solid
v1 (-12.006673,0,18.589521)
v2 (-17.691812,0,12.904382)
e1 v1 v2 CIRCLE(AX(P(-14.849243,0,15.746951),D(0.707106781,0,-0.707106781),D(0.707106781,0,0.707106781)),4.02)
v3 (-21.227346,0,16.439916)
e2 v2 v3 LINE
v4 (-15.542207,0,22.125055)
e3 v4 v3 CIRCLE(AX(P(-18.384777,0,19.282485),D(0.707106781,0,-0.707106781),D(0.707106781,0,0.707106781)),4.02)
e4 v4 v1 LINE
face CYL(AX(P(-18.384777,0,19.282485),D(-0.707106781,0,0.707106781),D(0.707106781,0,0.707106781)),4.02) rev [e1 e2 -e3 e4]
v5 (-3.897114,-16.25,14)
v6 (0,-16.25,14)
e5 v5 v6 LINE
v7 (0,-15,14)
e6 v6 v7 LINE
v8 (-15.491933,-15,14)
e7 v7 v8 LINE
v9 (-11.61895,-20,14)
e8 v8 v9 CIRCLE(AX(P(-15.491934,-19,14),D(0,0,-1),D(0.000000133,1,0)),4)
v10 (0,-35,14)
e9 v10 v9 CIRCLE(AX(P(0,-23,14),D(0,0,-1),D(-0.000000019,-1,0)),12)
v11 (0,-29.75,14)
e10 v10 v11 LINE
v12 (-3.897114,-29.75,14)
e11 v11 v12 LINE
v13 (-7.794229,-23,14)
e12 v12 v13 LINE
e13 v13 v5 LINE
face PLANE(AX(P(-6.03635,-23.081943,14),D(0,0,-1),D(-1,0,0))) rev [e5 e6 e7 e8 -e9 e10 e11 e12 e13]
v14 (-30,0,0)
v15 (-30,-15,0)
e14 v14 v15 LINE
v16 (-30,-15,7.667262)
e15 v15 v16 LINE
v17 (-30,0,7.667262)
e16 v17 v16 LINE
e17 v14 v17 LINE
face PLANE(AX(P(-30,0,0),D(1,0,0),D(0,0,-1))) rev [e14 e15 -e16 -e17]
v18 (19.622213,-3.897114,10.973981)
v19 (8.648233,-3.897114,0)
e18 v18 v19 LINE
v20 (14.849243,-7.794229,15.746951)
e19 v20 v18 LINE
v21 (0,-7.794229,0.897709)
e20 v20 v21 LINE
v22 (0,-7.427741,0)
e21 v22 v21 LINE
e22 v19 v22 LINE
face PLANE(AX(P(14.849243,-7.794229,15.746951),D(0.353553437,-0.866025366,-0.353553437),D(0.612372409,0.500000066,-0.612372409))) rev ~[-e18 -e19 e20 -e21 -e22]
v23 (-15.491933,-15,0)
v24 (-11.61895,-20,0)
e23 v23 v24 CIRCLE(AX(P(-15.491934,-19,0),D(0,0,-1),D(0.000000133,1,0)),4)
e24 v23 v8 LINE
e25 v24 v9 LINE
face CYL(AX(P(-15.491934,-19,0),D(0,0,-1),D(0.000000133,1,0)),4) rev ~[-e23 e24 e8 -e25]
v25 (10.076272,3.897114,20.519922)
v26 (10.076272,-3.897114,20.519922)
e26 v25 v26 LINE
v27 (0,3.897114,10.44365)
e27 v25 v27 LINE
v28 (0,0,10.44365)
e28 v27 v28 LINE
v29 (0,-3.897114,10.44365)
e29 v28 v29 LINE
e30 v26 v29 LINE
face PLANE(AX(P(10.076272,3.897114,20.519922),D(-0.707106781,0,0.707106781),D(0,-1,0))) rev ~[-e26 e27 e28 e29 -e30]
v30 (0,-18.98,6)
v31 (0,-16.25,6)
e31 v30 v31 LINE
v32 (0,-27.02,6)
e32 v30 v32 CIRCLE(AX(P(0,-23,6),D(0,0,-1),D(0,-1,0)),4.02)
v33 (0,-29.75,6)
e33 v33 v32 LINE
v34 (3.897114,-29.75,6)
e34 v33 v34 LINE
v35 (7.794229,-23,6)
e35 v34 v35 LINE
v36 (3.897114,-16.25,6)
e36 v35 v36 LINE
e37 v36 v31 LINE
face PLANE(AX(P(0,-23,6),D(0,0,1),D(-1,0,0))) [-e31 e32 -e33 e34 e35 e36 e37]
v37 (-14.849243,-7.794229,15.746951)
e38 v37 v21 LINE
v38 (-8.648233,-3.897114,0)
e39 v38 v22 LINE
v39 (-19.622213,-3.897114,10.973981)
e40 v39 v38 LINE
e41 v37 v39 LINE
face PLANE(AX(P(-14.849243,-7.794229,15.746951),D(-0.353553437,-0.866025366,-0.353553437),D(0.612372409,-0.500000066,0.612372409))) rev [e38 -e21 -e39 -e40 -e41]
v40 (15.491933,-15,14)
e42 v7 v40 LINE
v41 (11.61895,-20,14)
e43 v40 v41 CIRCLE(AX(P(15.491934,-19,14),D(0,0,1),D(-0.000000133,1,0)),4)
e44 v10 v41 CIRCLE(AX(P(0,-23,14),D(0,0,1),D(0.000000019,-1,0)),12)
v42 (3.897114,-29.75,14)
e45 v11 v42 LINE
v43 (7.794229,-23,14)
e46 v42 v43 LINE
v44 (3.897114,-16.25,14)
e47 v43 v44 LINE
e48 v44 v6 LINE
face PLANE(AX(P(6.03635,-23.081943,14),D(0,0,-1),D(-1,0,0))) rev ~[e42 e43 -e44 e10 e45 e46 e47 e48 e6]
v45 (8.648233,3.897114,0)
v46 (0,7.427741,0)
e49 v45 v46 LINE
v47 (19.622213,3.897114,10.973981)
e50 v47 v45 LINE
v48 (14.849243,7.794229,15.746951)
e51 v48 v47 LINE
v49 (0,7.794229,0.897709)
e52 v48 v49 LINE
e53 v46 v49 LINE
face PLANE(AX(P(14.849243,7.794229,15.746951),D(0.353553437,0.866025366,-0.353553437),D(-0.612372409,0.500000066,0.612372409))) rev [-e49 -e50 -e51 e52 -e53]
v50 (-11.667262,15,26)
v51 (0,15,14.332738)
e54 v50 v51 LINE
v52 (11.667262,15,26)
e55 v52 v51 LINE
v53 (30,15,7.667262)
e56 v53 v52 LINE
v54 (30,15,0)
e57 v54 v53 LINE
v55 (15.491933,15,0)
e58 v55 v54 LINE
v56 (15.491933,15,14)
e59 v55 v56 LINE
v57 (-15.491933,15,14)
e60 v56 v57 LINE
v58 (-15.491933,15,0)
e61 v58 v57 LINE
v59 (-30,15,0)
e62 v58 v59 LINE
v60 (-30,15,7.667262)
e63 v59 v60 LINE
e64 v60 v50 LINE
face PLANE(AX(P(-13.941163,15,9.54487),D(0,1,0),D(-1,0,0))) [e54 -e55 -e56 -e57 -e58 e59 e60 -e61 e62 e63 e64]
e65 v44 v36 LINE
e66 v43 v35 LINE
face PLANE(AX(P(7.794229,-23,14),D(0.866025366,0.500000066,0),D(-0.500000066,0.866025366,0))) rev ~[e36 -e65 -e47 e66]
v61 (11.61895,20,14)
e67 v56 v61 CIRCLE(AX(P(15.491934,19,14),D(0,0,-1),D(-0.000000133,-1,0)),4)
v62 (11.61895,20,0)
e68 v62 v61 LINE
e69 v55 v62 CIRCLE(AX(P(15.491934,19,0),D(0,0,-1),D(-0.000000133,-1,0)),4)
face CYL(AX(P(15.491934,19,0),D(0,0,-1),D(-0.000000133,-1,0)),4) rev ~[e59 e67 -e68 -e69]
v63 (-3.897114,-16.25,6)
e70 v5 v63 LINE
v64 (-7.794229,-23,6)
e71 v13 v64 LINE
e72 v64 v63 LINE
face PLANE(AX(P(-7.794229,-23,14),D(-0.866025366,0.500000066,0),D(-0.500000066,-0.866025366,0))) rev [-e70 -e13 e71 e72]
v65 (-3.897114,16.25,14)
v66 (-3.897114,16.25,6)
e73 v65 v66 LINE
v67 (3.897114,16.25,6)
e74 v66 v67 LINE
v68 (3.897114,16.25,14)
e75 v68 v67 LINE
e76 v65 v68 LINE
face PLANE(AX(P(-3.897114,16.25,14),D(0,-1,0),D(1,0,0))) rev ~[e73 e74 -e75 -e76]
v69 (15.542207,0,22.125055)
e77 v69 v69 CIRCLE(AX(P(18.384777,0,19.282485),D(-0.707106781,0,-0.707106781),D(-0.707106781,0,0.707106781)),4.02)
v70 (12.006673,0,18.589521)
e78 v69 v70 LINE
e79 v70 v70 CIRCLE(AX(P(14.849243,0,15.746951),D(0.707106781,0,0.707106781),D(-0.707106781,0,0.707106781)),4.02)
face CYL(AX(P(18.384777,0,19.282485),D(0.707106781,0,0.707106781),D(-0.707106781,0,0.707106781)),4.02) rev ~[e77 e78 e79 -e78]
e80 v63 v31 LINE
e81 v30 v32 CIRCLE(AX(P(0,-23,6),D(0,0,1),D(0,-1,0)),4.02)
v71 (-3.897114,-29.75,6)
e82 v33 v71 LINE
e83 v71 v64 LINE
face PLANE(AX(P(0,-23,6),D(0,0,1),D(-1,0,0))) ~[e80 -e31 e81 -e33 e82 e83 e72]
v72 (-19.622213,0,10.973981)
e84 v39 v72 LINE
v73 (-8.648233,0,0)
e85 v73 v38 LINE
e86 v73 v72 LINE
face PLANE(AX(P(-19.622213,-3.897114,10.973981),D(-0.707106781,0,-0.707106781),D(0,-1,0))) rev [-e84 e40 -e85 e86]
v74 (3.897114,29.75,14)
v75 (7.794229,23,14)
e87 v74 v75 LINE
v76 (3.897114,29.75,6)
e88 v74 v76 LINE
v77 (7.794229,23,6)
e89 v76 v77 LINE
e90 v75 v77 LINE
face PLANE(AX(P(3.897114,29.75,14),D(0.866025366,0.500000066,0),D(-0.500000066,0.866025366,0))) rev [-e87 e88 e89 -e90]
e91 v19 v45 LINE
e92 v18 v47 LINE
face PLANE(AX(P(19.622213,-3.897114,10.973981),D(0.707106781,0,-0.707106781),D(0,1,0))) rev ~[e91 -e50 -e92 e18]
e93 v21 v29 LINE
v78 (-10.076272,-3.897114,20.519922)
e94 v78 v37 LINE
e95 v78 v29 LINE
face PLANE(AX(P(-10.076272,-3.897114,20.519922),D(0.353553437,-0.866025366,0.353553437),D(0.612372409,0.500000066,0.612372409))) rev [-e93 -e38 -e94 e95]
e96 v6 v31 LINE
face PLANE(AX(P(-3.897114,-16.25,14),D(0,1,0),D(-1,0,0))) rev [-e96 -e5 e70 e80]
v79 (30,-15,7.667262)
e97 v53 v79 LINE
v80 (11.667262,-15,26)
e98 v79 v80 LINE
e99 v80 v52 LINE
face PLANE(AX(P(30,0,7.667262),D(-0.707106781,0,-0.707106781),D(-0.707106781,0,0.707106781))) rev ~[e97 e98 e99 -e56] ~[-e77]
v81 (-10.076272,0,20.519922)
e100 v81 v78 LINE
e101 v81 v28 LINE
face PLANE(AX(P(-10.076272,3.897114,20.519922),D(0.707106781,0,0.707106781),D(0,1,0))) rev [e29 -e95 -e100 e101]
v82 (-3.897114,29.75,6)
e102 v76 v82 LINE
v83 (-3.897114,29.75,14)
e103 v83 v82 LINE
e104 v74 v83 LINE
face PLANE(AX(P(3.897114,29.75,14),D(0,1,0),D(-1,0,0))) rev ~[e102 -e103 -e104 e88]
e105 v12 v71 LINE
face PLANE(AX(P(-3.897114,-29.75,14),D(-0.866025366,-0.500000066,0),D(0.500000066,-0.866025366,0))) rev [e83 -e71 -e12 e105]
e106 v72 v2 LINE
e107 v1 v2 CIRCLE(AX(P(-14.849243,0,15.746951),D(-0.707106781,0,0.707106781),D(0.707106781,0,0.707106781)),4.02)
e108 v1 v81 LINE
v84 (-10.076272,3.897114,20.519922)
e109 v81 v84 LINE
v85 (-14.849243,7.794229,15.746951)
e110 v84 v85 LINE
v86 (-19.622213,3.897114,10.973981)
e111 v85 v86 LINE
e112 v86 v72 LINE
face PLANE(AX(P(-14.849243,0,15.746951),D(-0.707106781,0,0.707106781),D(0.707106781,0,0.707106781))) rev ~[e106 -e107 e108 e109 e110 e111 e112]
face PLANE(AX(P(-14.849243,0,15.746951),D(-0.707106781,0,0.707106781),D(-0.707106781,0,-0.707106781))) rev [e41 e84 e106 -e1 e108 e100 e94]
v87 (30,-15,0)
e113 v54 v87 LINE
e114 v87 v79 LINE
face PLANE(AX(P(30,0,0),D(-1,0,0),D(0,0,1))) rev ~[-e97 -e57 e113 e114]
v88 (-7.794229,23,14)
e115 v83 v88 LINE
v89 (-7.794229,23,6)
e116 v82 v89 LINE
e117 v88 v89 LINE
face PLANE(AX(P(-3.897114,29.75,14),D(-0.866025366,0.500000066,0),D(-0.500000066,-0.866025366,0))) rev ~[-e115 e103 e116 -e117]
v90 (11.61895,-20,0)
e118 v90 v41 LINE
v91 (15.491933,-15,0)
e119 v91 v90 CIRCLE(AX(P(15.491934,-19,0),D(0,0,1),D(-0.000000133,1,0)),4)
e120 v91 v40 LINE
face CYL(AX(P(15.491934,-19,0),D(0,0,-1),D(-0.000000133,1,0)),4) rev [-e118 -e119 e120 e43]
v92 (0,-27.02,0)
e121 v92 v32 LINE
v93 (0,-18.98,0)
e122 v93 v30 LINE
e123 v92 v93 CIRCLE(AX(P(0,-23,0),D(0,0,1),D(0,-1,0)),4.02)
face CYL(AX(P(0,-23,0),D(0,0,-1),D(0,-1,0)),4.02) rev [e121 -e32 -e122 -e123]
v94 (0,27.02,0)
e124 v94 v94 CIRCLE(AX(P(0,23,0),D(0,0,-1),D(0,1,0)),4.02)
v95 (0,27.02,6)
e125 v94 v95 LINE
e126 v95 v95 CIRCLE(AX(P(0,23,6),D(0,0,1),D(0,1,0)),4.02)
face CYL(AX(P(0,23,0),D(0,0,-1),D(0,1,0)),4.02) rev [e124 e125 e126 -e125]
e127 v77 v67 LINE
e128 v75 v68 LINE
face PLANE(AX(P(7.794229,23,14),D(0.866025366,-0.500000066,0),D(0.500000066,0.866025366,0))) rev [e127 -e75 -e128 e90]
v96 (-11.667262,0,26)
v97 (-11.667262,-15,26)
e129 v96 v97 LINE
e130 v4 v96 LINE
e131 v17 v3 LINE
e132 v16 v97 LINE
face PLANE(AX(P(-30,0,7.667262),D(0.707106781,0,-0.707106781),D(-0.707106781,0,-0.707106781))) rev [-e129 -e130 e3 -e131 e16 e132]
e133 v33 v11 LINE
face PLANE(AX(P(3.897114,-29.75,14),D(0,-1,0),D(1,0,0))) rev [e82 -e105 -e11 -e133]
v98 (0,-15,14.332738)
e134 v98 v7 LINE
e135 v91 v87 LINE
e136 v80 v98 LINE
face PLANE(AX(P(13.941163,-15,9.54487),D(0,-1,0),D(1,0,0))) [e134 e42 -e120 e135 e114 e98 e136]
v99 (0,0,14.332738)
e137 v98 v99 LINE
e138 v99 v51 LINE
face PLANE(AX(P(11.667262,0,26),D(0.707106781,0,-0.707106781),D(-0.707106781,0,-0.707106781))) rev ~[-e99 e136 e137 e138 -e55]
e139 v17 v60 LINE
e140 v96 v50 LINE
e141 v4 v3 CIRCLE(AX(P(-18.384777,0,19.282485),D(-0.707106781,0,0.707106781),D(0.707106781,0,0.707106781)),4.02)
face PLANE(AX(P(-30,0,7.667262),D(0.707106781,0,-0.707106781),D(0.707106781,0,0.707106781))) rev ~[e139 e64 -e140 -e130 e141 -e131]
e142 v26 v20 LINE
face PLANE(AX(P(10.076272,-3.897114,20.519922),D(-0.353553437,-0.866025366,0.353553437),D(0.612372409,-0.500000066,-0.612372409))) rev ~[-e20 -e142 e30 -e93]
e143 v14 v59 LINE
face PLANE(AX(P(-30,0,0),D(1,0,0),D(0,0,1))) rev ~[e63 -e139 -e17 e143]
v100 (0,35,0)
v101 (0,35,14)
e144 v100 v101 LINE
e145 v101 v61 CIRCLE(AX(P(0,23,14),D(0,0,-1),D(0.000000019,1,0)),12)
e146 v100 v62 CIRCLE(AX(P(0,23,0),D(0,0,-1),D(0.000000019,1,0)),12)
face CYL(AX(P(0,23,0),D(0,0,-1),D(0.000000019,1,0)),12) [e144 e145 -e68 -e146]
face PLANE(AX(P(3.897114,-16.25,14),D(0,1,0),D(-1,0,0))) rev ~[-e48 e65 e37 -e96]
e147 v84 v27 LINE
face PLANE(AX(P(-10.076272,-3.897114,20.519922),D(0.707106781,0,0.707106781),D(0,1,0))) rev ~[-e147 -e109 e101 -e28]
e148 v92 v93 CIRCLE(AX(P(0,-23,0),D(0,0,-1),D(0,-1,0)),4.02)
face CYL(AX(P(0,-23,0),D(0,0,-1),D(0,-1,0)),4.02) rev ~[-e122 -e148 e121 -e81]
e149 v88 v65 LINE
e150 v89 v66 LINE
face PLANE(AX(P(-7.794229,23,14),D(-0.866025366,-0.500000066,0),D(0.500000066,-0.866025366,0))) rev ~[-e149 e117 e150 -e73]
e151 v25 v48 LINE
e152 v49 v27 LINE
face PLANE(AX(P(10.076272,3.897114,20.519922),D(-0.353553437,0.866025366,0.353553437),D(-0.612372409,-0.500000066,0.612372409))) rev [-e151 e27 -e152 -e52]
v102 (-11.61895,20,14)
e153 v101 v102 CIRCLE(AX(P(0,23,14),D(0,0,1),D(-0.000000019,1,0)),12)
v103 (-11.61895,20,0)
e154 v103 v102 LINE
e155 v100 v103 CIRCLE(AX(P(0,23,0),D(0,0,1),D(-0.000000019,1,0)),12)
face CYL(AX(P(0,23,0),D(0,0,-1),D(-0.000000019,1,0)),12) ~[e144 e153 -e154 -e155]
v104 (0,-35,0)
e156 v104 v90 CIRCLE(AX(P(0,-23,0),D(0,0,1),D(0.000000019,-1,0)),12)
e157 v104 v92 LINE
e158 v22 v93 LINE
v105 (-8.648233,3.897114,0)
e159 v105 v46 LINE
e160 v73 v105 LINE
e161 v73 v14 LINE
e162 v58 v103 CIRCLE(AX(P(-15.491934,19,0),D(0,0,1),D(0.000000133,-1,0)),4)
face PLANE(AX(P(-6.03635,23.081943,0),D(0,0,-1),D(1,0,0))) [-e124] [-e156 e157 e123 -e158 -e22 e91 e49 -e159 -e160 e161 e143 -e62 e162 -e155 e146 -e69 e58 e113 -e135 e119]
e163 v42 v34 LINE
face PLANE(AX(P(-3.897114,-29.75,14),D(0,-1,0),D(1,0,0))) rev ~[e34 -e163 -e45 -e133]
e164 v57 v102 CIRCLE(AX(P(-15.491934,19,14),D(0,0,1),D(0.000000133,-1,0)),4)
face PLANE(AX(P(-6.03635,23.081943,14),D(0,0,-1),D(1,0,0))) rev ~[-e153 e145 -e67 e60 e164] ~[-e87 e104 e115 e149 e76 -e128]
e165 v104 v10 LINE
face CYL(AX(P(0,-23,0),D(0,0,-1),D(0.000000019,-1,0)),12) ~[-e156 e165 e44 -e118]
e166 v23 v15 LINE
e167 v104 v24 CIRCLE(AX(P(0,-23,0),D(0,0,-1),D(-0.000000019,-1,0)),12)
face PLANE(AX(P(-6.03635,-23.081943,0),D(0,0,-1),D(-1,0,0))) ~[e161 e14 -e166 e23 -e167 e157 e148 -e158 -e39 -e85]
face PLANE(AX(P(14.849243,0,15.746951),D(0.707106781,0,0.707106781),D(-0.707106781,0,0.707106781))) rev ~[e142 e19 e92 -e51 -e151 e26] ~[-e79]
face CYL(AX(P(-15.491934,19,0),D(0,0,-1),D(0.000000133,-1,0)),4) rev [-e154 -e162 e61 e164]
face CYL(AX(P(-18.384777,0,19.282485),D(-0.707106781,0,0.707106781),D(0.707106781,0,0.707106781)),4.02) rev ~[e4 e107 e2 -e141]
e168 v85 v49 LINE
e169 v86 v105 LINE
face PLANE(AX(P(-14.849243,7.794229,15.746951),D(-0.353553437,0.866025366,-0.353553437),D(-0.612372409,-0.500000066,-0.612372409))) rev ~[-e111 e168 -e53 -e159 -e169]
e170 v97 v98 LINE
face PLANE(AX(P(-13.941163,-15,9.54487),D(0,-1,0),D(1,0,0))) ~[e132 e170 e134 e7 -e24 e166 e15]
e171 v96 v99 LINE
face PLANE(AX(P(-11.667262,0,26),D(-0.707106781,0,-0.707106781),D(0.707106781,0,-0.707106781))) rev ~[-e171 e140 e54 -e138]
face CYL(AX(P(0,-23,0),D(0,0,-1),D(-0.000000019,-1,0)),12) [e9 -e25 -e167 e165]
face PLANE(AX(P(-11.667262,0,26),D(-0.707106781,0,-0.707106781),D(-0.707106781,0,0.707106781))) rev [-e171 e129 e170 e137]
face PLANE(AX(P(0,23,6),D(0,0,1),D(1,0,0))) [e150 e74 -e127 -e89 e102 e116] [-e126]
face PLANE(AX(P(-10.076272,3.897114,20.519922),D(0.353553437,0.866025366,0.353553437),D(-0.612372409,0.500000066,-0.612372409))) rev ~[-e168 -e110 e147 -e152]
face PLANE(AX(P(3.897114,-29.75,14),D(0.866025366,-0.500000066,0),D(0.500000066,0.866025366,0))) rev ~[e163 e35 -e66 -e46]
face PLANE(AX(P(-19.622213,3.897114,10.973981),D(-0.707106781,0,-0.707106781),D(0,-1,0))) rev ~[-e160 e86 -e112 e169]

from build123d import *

# Parameters (mm, degrees)
PAD_DEPTH       = 15
PAD001_DEPTH    = 14
SKETCH002_R     = 4.02
HOLE_DEPTH      = 26.635776
POCKET_DEPTH    = 21.635776
POCKET001_DEPTH = 8


with BuildPart() as body:
    # Sketch → Pad (new body)
    with BuildSketch(Plane.XZ):
        Polygon((30, 7.667262), (11.667262, 26), (0, 14.332738), (0, 0), (30, 0), align=None)
    extrude(amount=PAD_DEPTH)

    # Sketch001 → Pad001 (join)
    with BuildSketch(Plane.XY):
        with BuildLine():
            ThreePointArc((0, -27.02), (4.02, -23), (0, -18.98))
            Line((0, -18.98), (0, -15))
            Line((0, -15), (15.491933, -15))
            ThreePointArc((15.491933, -15), (12.329656, -16.55051), (11.61895, -20))
            ThreePointArc((0, -35), (9.486833, -30.348469), (11.61895, -20))
            Line((0, -35), (0, -27.02))
        make_face()
    extrude(amount=PAD001_DEPTH)

    # Sketch002 (on DatumPlane) → Hole (cut, through all)
    with BuildSketch(Plane(origin=(18.833631, 0, 18.833631), x_dir=(-0.707107, 0, 0.707107), z_dir=(0.707107, 0, 0.707107))):
        with Locations((0.634776, 0)):
            Circle(SKETCH002_R)
    extrude(amount=-HOLE_DEPTH, mode=Mode.SUBTRACT)

    # Sketch003 (on DatumPlane) → Pocket (cut, through all)
    with BuildSketch(Plane(origin=(15.298097, 0, 15.298097), x_dir=(-0.707107, 0, 0.707107), z_dir=(0.707107, 0, 0.707107))):
        Polygon((7.384776, 3.897114), (0.634776, 7.794229), (-6.115224, 3.897114), (-6.115224, -3.897114), (0.634776, -7.794229), (7.384776, -3.897114), align=None)
    extrude(amount=-POCKET_DEPTH, mode=Mode.SUBTRACT)

    # Sketch004 (on Face13 of Pocket) → Pocket001 (cut)
    with BuildSketch(Plane(origin=(0, 0, 14), x_dir=(-1, 0, 0), z_dir=(0, 0, 1))):
        Polygon((3.897114, 29.75), (-3.897114, 29.75), (-7.794229, 23), (-3.897114, 16.25), (3.897114, 16.25), (7.794229, 23), align=None)
    extrude(amount=-POCKET001_DEPTH, mode=Mode.SUBTRACT)


with BuildPart() as part_mirroring:
    # Part__Mirroring: instance of Body
    add(body.part.mirror(Plane(origin=(0, 0, 0), x_dir=(0, -1, 0), z_dir=(1, 0, 0))))


with BuildPart() as part_mirroring002:
    # Part__Mirroring002: instance of Part__Mirroring
    add(part_mirroring.part.mirror(Plane(origin=(0, 0, 0), x_dir=(1, 0, 0), z_dir=(0, 1, 0))))


with BuildPart() as fusion:
    # Part__Mirroring001: instance of Body
    add(body.part.mirror(Plane(origin=(0, 0, 0), x_dir=(1, 0, 0), z_dir=(0, 1, 0))))

    # Fusion: union Body, Part__Mirroring002, Part__Mirroring
    add(body.part)
    add(part_mirroring002.part)
    add(part_mirroring.part)


solid = fusion.part
